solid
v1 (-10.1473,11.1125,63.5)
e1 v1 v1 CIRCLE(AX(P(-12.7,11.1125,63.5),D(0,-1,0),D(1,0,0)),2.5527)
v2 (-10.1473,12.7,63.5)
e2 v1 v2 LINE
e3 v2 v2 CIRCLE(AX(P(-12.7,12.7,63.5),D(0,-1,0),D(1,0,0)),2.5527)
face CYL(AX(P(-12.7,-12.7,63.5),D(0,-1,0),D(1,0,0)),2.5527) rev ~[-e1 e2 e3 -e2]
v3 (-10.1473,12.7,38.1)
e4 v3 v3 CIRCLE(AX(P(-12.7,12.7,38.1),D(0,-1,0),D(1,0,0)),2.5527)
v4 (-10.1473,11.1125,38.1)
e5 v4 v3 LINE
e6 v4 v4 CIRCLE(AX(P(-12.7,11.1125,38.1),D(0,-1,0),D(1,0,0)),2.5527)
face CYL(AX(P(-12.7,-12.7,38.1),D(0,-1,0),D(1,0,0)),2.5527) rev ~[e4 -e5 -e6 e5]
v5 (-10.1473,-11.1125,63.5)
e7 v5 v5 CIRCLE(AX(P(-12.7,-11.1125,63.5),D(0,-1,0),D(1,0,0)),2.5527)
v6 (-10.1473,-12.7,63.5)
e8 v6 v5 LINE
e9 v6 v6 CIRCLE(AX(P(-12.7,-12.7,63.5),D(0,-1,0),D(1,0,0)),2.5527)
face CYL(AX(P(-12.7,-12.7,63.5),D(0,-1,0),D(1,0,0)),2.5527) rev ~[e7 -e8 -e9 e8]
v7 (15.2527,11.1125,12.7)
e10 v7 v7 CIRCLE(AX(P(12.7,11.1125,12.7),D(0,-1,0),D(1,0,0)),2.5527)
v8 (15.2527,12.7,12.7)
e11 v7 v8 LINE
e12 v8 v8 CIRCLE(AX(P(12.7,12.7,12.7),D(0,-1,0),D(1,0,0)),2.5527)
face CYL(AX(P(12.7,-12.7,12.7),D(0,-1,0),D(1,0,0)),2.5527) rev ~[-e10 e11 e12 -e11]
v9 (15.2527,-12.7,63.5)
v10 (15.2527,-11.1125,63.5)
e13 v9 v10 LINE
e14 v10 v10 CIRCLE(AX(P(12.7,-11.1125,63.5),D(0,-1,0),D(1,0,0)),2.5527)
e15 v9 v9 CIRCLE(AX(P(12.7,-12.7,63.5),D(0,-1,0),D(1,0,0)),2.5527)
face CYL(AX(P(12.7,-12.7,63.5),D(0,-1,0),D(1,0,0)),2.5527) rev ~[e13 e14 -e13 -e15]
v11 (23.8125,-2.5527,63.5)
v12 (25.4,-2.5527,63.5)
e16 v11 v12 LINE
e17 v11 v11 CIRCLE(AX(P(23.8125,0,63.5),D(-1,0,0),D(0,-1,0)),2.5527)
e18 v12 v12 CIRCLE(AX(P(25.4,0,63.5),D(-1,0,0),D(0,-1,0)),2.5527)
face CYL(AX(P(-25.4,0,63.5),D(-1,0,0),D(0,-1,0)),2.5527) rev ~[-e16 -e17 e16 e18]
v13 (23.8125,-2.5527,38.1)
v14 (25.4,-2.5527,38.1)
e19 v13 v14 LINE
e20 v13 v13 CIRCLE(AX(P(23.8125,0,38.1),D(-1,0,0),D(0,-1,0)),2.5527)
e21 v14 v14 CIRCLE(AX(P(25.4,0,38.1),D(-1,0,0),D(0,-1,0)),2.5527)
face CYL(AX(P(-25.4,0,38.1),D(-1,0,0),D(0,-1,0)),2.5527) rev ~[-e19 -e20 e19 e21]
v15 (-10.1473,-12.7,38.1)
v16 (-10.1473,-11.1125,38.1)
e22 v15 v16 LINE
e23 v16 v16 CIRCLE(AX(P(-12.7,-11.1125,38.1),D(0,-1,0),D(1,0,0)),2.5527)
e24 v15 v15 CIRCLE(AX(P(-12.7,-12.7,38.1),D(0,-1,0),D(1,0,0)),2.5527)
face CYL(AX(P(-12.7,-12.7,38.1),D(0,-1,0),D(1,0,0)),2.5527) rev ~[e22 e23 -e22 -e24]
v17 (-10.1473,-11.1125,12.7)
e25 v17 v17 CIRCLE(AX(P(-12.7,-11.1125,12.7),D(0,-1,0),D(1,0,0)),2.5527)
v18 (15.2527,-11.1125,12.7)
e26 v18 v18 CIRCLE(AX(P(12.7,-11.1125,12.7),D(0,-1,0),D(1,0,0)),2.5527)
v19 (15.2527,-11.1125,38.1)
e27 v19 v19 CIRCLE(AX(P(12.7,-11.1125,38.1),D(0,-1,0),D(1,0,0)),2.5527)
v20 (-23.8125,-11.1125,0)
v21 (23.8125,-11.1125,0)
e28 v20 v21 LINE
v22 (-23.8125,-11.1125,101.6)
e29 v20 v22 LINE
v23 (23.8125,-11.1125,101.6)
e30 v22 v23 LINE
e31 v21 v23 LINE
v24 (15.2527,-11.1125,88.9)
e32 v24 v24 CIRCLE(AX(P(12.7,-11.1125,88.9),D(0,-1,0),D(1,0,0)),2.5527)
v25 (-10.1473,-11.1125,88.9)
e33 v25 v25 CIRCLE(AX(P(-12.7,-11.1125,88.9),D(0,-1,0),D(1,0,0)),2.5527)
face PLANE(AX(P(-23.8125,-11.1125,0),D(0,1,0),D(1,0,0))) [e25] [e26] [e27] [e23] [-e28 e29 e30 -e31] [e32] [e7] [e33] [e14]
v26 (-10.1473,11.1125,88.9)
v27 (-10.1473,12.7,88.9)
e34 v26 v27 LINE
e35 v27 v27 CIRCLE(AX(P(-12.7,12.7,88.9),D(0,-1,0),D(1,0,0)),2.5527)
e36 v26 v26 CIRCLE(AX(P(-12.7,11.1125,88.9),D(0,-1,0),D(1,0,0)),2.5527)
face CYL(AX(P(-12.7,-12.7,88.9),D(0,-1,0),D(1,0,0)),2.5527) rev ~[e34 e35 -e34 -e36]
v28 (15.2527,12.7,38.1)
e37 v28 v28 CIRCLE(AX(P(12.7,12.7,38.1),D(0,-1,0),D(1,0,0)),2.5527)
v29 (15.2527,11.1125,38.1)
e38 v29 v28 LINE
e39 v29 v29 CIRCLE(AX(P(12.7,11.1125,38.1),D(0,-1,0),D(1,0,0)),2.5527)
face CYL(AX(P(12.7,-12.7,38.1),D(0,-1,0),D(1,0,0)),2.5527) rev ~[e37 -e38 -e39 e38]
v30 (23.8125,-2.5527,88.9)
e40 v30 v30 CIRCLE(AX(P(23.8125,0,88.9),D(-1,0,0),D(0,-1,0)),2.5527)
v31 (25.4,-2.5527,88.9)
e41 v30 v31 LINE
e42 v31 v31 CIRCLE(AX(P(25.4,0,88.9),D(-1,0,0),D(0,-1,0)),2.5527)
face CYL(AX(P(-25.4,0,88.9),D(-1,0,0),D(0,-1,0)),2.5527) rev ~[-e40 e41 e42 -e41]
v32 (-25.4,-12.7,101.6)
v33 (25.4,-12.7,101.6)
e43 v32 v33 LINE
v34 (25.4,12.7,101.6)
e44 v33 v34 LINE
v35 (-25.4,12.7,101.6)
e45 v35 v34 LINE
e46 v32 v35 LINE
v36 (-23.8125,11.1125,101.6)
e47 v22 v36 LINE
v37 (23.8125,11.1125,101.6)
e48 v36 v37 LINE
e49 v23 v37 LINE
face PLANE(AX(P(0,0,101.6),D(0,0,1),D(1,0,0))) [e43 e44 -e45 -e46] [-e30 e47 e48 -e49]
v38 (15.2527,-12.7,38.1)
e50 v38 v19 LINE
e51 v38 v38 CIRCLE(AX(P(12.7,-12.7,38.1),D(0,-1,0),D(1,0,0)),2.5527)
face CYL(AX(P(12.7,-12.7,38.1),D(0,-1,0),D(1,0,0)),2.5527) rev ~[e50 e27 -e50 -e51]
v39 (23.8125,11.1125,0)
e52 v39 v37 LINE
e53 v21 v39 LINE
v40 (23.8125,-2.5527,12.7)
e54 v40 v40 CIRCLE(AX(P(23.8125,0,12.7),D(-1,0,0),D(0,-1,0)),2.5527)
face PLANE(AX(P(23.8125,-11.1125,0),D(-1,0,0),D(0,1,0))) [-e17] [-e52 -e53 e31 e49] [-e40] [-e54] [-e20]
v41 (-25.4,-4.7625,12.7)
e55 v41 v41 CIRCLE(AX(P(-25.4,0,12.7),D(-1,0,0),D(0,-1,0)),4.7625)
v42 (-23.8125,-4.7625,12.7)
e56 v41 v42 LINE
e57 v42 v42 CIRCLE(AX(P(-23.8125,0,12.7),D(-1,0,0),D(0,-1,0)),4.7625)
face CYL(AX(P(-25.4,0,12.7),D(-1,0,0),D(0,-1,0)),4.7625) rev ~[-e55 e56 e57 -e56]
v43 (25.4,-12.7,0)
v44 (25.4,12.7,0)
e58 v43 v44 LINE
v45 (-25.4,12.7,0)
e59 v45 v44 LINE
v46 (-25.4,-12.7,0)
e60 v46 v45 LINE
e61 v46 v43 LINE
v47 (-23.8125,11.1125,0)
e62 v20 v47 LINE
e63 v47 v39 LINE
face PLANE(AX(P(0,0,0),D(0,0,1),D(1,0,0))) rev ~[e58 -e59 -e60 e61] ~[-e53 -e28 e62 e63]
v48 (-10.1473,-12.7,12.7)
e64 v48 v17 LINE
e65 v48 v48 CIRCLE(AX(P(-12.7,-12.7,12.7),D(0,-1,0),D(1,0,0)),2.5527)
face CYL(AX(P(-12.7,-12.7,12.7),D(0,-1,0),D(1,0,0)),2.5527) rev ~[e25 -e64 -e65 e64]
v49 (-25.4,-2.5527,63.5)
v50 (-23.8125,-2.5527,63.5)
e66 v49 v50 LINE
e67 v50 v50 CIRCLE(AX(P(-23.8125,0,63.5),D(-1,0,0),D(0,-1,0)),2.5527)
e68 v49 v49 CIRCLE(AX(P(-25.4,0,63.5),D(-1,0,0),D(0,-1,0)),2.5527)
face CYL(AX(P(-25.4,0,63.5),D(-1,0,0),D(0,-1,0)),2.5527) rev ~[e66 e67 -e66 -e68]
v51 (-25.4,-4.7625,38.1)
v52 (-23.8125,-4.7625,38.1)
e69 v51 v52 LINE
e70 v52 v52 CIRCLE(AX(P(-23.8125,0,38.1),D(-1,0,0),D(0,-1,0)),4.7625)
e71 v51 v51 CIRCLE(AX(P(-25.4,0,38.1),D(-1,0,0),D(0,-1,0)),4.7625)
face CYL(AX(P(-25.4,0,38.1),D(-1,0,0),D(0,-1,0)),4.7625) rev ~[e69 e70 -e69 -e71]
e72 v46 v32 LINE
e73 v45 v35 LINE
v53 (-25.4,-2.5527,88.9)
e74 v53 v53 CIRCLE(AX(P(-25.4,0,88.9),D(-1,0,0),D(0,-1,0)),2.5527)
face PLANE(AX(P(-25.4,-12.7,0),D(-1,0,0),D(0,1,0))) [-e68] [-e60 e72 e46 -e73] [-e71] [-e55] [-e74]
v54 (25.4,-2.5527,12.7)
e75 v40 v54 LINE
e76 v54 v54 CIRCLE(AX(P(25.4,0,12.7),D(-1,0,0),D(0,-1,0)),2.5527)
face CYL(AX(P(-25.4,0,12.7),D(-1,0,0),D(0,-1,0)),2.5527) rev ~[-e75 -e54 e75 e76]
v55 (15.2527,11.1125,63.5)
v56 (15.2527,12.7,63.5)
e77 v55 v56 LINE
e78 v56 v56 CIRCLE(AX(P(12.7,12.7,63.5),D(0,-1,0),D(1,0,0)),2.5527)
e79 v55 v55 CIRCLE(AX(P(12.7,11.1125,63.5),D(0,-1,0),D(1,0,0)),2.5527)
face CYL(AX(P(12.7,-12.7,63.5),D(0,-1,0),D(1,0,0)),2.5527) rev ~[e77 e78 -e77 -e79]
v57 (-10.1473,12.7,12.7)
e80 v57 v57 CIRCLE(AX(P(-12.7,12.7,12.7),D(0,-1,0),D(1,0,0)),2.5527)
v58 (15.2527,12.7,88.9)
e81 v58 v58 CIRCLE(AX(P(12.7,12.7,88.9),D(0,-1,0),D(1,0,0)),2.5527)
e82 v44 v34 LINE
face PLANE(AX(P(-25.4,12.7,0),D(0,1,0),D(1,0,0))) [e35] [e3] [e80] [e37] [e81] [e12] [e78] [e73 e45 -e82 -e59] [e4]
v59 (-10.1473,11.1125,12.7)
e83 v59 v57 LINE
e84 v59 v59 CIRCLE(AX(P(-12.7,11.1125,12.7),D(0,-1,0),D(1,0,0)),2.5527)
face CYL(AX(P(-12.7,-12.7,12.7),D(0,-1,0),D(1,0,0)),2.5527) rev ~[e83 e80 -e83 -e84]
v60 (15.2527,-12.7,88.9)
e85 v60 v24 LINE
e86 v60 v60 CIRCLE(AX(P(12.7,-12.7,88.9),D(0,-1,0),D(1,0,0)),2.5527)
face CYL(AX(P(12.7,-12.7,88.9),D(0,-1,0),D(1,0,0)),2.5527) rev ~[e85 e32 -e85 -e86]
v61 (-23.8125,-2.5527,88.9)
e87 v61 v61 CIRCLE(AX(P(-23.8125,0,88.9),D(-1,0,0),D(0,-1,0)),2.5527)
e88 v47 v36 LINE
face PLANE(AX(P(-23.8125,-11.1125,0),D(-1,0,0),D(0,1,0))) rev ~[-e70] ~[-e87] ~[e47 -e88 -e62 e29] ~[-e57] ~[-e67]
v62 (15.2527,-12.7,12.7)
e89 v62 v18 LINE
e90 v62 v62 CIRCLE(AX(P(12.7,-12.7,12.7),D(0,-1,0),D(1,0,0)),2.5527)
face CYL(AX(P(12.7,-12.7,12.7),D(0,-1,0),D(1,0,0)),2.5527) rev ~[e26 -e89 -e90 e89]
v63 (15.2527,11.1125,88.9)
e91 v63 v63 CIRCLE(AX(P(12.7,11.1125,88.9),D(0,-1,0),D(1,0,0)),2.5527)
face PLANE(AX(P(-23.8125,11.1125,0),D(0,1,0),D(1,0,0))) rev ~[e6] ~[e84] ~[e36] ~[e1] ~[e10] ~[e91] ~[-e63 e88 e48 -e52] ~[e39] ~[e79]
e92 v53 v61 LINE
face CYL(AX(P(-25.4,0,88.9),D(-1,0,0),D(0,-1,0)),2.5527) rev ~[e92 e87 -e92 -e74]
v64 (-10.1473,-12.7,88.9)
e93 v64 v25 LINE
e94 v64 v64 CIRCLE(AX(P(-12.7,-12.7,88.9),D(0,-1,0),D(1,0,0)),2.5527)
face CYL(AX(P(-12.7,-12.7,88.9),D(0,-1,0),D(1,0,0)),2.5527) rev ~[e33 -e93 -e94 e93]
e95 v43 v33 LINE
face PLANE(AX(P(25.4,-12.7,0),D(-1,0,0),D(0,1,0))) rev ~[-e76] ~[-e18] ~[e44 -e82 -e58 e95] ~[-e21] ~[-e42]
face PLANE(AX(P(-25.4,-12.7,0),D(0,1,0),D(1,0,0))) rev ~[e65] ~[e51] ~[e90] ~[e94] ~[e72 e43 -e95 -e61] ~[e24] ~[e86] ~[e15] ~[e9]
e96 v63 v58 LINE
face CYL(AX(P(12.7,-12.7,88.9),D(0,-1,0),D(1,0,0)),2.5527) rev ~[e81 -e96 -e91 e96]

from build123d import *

# Parameters (mm, degrees)
F0_W     = 50.8
F0_H     = 25.4
F0_W_2   = 47.625
F0_H_2   = 22.225
F1_DEPTH = 101.6
F2_R     = 2.5527
F3_DEPTH = 25.4
F4_R     = 2.5527
F5_DEPTH = 50.801
F6_R     = 4.7625
F7_DEPTH = 3.175


with BuildPart() as f1:
    # F0 (on Top) → F1 (new body)
    with BuildSketch(Plane.XY):
        Rectangle(F0_W, F0_H)
        Rectangle(F0_W_2, F0_H_2, mode=Mode.SUBTRACT)
    extrude(amount=F1_DEPTH)

    # F2 (on face) → F3 (cut)
    with BuildSketch(Plane.XZ.offset(12.7)):
        with Locations((-12.7, 12.7)):
            Circle(F2_R)
        with Locations((-12.7, 38.1)):
            Circle(F2_R)
        with Locations((-12.7, 63.5)):
            Circle(F2_R)
        with Locations((-12.7, 88.9)):
            Circle(F2_R)
        with Locations((12.7, 12.7)):
            Circle(F2_R)
        with Locations((12.7, 38.1)):
            Circle(F2_R)
        with Locations((12.7, 63.5)):
            Circle(F2_R)
        with Locations((12.7, 88.9)):
            Circle(F2_R)
    extrude(amount=-F3_DEPTH, mode=Mode.SUBTRACT)

    # F4 (on face) → F5 (cut, through all)
    with BuildSketch(Plane(origin=(-25.4, 0, 0), x_dir=(0, -1, 0), z_dir=(-1, 0, 0))):
        with Locations((0, 88.9)):
            Circle(F4_R)
        with Locations((0, 63.5)):
            Circle(F4_R)
        with Locations((0, 38.1)):
            Circle(F4_R)
        with Locations((0, 12.7)):
            Circle(F4_R)
    extrude(amount=-F5_DEPTH, mode=Mode.SUBTRACT)

    # F6 (on face) → F7 (cut)
    with BuildSketch(Plane(origin=(-25.4, 0, 0), x_dir=(0, -1, 0), z_dir=(-1, 0, 0))):
        with Locations((0, 12.7)):
            Circle(F6_R)
        with Locations((0, 38.1)):
            Circle(F6_R)
    extrude(amount=-F7_DEPTH, mode=Mode.SUBTRACT)


solid = f1.part
